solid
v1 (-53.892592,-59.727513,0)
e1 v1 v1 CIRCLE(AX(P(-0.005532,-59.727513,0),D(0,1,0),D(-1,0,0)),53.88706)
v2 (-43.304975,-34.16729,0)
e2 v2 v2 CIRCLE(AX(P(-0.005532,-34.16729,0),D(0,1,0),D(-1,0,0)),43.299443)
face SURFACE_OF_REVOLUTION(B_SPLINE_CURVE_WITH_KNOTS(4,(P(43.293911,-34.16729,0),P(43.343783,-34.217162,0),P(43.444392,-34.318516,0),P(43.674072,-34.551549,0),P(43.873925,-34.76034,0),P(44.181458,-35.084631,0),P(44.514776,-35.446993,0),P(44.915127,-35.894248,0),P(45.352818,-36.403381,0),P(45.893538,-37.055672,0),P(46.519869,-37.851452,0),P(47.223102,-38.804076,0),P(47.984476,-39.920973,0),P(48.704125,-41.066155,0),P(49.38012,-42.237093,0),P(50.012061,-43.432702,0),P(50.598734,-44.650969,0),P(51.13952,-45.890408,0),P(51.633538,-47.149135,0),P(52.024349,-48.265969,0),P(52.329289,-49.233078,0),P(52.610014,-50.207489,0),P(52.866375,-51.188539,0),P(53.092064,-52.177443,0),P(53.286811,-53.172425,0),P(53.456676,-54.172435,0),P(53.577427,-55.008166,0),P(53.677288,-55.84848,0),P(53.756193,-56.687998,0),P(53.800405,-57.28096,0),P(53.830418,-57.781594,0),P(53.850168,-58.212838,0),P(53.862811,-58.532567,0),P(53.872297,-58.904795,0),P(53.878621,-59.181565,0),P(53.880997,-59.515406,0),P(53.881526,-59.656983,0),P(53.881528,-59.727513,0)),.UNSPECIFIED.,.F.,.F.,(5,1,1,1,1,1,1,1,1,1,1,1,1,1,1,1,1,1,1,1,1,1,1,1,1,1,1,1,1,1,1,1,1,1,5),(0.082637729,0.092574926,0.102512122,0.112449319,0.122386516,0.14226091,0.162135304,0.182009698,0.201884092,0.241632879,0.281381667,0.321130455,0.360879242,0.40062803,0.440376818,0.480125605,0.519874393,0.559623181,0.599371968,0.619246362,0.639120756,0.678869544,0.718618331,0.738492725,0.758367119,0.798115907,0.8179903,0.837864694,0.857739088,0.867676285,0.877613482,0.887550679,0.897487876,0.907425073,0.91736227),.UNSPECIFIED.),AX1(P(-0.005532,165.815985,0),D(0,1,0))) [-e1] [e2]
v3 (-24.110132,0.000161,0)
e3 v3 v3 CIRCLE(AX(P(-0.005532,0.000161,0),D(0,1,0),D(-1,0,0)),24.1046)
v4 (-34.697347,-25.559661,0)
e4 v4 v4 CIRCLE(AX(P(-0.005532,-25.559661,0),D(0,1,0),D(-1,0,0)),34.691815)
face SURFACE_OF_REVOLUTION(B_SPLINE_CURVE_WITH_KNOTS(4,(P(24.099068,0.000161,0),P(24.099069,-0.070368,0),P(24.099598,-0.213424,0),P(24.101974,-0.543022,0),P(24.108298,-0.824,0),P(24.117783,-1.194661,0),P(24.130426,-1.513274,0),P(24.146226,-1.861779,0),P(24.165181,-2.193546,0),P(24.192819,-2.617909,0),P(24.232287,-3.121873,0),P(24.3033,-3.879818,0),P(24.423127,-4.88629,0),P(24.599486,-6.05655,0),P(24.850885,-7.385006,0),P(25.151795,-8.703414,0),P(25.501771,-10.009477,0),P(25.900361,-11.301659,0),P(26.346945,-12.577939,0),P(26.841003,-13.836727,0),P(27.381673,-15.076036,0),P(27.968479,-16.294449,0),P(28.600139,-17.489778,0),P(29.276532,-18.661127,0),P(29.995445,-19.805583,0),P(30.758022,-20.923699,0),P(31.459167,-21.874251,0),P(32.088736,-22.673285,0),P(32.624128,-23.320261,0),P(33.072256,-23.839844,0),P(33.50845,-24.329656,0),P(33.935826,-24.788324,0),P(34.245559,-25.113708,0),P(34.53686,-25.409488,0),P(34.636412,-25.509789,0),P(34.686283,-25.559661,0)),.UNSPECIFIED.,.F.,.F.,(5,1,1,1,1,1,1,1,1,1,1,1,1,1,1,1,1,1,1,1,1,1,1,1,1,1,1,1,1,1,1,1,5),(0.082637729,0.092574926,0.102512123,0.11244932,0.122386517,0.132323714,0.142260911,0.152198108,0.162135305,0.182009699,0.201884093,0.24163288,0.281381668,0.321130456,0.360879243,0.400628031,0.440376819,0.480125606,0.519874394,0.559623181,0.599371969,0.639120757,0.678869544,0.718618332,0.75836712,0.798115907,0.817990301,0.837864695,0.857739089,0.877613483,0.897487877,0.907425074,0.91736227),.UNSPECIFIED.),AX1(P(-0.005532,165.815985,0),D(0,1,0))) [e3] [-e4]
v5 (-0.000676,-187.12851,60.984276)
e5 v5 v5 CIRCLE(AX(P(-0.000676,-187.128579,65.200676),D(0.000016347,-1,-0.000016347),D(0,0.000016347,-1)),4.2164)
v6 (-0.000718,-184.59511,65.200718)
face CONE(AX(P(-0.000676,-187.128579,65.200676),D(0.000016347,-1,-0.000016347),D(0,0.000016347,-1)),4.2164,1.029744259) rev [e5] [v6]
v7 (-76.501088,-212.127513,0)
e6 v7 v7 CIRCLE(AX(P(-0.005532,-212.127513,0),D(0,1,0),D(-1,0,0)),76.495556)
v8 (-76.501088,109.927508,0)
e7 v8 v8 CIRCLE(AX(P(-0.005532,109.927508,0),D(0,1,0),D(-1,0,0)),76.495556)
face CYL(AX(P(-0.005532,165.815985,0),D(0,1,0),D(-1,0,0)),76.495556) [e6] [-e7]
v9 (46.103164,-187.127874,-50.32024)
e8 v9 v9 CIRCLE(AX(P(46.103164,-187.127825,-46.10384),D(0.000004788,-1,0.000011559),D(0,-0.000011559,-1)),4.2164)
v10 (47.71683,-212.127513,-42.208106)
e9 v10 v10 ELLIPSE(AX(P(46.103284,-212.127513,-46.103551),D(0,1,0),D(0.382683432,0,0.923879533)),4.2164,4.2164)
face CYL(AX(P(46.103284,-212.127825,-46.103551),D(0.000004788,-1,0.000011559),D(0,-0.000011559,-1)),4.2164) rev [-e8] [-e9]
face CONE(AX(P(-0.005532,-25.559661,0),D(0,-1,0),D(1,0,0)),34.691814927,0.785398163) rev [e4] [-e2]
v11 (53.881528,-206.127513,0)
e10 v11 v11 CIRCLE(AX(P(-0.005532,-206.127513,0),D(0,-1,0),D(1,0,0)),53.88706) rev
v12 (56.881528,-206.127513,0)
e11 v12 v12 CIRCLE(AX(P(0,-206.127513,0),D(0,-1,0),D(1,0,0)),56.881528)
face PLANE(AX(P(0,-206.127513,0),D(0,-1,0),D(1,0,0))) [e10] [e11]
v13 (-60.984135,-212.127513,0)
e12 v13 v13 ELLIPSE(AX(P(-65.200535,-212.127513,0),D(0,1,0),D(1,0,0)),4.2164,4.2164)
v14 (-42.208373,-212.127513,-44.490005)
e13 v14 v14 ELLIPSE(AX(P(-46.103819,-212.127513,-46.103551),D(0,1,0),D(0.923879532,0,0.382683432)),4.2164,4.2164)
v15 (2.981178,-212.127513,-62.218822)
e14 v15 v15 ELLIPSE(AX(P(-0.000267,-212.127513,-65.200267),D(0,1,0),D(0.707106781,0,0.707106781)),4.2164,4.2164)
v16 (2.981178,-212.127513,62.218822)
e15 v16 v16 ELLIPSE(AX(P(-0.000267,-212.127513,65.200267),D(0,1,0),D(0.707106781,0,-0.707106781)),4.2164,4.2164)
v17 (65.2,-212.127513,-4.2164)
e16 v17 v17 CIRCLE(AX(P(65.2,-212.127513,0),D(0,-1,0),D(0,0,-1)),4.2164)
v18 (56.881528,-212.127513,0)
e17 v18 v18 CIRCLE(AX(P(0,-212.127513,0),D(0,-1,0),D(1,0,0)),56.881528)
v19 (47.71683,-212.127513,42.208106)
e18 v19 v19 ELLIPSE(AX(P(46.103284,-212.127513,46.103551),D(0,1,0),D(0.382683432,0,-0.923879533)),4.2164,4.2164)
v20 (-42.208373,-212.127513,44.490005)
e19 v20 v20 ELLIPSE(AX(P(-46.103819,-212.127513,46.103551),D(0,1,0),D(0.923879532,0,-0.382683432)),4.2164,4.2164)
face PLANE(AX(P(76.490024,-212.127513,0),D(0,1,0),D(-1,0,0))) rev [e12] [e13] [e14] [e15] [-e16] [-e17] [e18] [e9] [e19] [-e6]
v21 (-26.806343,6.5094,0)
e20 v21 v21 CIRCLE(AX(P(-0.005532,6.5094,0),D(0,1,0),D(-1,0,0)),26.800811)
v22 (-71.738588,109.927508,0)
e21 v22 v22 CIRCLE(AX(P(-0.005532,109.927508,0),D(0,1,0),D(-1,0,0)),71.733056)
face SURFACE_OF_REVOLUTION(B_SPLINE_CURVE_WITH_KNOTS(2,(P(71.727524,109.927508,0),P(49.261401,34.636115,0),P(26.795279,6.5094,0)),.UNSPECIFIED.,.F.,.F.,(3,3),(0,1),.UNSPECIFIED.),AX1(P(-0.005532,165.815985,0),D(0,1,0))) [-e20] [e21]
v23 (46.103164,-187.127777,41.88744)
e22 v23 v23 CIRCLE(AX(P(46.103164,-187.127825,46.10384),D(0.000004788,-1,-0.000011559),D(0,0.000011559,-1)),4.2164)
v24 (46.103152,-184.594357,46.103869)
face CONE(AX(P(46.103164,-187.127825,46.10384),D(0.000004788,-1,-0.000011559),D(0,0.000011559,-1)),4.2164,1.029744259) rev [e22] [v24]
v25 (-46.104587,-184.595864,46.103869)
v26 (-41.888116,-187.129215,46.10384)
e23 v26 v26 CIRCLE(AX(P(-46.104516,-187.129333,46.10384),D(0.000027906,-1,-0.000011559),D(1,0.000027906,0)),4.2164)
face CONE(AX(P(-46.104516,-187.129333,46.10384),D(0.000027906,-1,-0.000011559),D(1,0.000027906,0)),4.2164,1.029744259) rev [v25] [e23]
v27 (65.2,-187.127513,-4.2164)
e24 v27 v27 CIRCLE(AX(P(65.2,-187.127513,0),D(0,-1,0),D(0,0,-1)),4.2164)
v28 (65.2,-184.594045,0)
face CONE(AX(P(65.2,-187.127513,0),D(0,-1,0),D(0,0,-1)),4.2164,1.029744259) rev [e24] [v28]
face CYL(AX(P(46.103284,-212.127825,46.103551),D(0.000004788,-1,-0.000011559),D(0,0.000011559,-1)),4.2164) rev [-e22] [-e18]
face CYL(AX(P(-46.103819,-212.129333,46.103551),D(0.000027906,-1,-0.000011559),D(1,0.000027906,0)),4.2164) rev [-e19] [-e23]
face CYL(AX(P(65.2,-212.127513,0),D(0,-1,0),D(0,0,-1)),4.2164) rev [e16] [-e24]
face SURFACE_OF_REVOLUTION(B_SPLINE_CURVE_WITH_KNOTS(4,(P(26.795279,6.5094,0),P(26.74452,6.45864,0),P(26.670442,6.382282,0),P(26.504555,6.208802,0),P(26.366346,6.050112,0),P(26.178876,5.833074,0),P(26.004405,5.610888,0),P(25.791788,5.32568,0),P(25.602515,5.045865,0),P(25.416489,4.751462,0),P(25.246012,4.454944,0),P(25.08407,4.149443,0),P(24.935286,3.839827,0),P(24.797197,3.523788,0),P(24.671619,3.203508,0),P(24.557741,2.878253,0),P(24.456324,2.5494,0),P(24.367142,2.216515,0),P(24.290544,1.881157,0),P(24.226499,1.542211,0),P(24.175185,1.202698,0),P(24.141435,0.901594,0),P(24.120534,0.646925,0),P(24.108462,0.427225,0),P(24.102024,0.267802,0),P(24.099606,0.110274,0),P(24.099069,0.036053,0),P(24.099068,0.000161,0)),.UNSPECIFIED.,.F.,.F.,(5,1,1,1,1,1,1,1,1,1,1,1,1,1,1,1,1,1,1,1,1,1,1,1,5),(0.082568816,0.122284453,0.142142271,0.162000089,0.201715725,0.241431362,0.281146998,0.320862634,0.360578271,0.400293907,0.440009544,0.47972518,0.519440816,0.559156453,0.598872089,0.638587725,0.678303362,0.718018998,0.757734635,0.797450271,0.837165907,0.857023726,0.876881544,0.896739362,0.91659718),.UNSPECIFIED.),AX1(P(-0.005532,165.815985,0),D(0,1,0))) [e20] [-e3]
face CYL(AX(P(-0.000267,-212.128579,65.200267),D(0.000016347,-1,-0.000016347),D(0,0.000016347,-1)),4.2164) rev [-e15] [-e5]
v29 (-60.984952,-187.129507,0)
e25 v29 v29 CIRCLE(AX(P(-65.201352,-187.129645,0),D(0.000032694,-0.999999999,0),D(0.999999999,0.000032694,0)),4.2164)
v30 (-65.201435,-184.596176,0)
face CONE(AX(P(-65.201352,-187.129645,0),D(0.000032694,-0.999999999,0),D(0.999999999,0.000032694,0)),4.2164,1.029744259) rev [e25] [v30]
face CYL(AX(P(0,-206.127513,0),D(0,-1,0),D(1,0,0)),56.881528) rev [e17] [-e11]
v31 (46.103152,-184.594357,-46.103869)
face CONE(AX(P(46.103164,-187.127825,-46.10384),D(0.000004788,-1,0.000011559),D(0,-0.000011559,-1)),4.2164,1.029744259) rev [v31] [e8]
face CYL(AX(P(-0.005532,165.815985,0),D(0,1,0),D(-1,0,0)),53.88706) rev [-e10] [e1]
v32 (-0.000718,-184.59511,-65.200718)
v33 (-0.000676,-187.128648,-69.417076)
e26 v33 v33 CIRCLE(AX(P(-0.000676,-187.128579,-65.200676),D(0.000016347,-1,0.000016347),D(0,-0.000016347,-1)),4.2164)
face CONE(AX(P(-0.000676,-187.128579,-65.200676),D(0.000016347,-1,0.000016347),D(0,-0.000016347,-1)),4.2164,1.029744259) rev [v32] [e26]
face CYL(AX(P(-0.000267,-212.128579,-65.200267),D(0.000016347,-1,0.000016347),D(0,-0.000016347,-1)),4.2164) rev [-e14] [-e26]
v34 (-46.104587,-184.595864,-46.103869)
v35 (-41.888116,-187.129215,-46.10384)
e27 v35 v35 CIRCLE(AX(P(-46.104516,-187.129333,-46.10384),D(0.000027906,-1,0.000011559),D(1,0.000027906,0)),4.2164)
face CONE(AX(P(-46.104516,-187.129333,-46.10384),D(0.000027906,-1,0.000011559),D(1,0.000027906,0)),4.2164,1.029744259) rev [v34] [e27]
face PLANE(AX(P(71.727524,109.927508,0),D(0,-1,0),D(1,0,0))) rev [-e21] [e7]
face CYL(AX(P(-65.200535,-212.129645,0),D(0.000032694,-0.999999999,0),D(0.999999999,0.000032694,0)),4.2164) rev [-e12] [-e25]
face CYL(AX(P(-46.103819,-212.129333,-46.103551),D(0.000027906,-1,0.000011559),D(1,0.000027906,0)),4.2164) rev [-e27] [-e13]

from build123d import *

# Parameters (mm, degrees)
CIRPATTERN1_COUNT  = 8
SKETCH9_R          = 56.881527661
SKETCH9_R_2        = 53.881527661
CUT_EXTRUDE1_DEPTH = 6


with BuildPart() as part:
    # Sketch1 → Revolve2 (revolve)
    with BuildSketch(Plane.XY, mode=Mode.PRIVATE) as revolve2_sk:
        with BuildLine():
            Line((71.727523602, 109.927507641), (76.490023602, 109.927507641))
            Line((76.490023602, 109.927507641), (76.490023602, -212.127513222))
            Line((76.490023602, -212.127513222), (53.881527661, -212.127513222))
            Line((53.881527661, -212.127513222), (53.881527661, -59.727513222))
            add(Edge.make_bspline(
                [(53.881527661, -59.727513222), (53.88152643, -59.656983157), (53.880997287, -59.515406103), (53.878621437, -59.181564616), (53.872296838, -58.904795493), (53.862811351, -58.532567488), (53.850168453, -58.212837622), (53.830417626, -57.781594443), (53.800405285, -57.280959899), (53.756193121, -56.687998165), (53.677288452, -55.848480366), (53.577426861, -55.00816586), (53.456675786, -54.17243543), (53.286810822, -53.17242524), (53.092064187, -52.177442821), (52.86637512, -51.188539083), (52.610014224, -50.207489038), (52.32928934, -49.23307774), (52.024348739, -48.265969224), (51.633537831, -47.149135067), (51.139520361, -45.890408405), (50.598733753, -44.650968804), (50.012060928, -43.432701526), (49.380120231, -42.237093239), (48.704125229, -41.066154879), (47.98447552, -39.920972657), (47.223102138, -38.804076239), (46.51986906, -37.851451785), (45.893537937, -37.055672123), (45.352817681, -36.403381282), (44.915126948, -35.894247633), (44.51477619, -35.446992657), (44.181457503, -35.084631185), (43.873924624, -34.760340151), (43.674072407, -34.551549451), (43.444392073, -34.318516288), (43.343783151, -34.217162055), (43.293911001, -34.167289665)],
                knots=[0.082637729, 0.082637729, 0.082637729, 0.082637729, 0.082637729, 0.092574926, 0.102512123, 0.11244932, 0.122386517, 0.132323714, 0.142260911, 0.162135305, 0.182009699, 0.201884093, 0.24163288, 0.261507274, 0.281381668, 0.321130456, 0.360879243, 0.380753637, 0.400628031, 0.440376819, 0.480125606, 0.519874394, 0.559623181, 0.599371969, 0.639120757, 0.678869544, 0.718618332, 0.75836712, 0.798115907, 0.817990301, 0.837864695, 0.857739089, 0.877613483, 0.88755068, 0.897487877, 0.907425074, 0.91736227, 0.91736227, 0.91736227, 0.91736227, 0.91736227], degree=4))
            Line((43.293911001, -34.167289665), (34.686282803, -25.559661468))
            add(Edge.make_bspline(
                [(24.099067874, 0.000160672), (24.099069105, -0.070367974), (24.099598252, -0.213423516), (24.101973937, -0.543022243), (24.108298331, -0.823999723), (24.117783452, -1.194661398), (24.130425744, -1.513274385), (24.146225968, -1.86177893), (24.165181227, -2.193546198), (24.19281884, -2.617908727), (24.232287047, -3.121873274), (24.303299707, -3.879818002), (24.423126678, -4.886289715), (24.599486044, -6.056550088), (24.850885233, -7.385005743), (25.151795313, -8.703413843), (25.501770623, -10.009476538), (25.900360983, -11.301658927), (26.346945392, -12.577938667), (26.841003323, -13.836726817), (27.381673122, -15.076036463), (27.968479386, -16.294449129), (28.600139398, -17.489778131), (29.276532396, -18.661127095), (29.995445102, -19.805582737), (30.758021999, -20.923699417), (31.459167193, -21.874251104), (32.088736123, -22.673284825), (32.624128416, -23.320261484), (33.072255768, -23.839844364), (33.508450026, -24.329655594), (33.935826121, -24.788323739), (34.24555864, -25.11370766), (34.536859958, -25.409488397), (34.636412425, -25.509789283), (34.686282803, -25.559661468)],
                knots=[0.082637729, 0.082637729, 0.082637729, 0.082637729, 0.082637729, 0.092574926, 0.102512123, 0.11244932, 0.122386517, 0.132323714, 0.142260911, 0.152198108, 0.162135305, 0.182009699, 0.201884093, 0.24163288, 0.281381668, 0.321130456, 0.360879243, 0.400628031, 0.440376819, 0.480125606, 0.519874394, 0.559623181, 0.599371969, 0.639120757, 0.678869544, 0.718618332, 0.75836712, 0.798115907, 0.817990301, 0.837864695, 0.857739089, 0.877613483, 0.897487877, 0.907425074, 0.91736227, 0.91736227, 0.91736227, 0.91736227, 0.91736227], degree=4))
            add(Edge.make_bspline(
                [(24.099067874, 0.000160672), (24.0990685, 0.036053324), (24.099606331, 0.110274362), (24.102023723, 0.267801742), (24.108461568, 0.427224789), (24.120533599, 0.646924939), (24.141435087, 0.901594), (24.175184719, 1.202697945), (24.226499305, 1.54221117), (24.290543701, 1.881157449), (24.367141601, 2.216515092), (24.456323571, 2.549400093), (24.557741413, 2.878253317), (24.671619071, 3.203507713), (24.797196771, 3.523787829), (24.935285977, 3.839827405), (25.084070301, 4.149442857), (25.246012222, 4.454943795), (25.416488505, 4.751462248), (25.602514721, 5.045864533), (25.79178827, 5.325679608), (26.004405474, 5.610888215), (26.178876374, 5.83307432), (26.366345756, 6.050112309), (26.504555248, 6.208802318), (26.67044207, 6.382282451), (26.744520261, 6.458639514), (26.795279203, 6.509400323)],
                knots=[0.082568816, 0.082568816, 0.082568816, 0.082568816, 0.082568816, 0.102426634, 0.122284453, 0.142142271, 0.162000089, 0.201715725, 0.241431362, 0.281146998, 0.320862634, 0.360578271, 0.400293907, 0.440009544, 0.47972518, 0.519440816, 0.559156453, 0.598872089, 0.638587725, 0.678303362, 0.718018998, 0.757734635, 0.797450271, 0.837165907, 0.857023726, 0.876881544, 0.91659718, 0.91659718, 0.91659718, 0.91659718, 0.91659718], degree=4))
            add(Edge.make_bspline(
                [(26.795279203, 6.509400323), (49.261401403, 34.636114842), (71.727523602, 109.927507641)],
                knots=[0, 0, 0, 1, 1, 1], degree=2))
        make_face()
    revolve(revolve2_sk.sketch.rotate(Axis((-0.005532126, 165.815985114, 0), (0, -1, 0)), 180), axis=Axis((-0.005532126, 165.815985114, 0), (0, -1, 0)))

    # Sketch4 → 3/8-24 Tapped Hole1 (revolve, cut)
    with BuildSketch(Plane(origin=(65.2, -212.127513222, 0), x_dir=(0, 0, -1), z_dir=(1, 0, 0))):
        Polygon((0, 0), (0, 27.533468714), (4.2164, 25), (4.2164, 0), align=None)
    f_3_8_24_tapped_hole1 = revolve(axis=Axis((65.2, -218.477513222, 0), (0, 1, 0)), mode=Mode.SUBTRACT)

    # CirPattern1: 3/8-24 Tapped Hole1 ×8 about axis
    cirpattern1_axis = Axis((0, -228.487022387, 0), (-1.634718801334702e-05, 0.9999999998663848, 0))
    for i in range(1, CIRPATTERN1_COUNT):
        add(f_3_8_24_tapped_hole1.rotate(cirpattern1_axis, i * 360 / CIRPATTERN1_COUNT), mode=Mode.SUBTRACT)

    # Sketch9 → Cut-Extrude1 (cut)
    with BuildSketch(Plane.XZ.offset(212.127513222)):
        Circle(SKETCH9_R)
        Circle(SKETCH9_R_2, mode=Mode.SUBTRACT)
    extrude(amount=-CUT_EXTRUDE1_DEPTH, mode=Mode.SUBTRACT)


with BuildPart() as cut_extrude1_kept_piece:
    # of the separate pieces the step leaves, the one the design keeps (cut_extrude1_pieces_kept)
    add(part.part.solids().sort_by_distance((-71.738587854, 109.927507641, 0))[0])


solid = cut_extrude1_kept_piece.part
